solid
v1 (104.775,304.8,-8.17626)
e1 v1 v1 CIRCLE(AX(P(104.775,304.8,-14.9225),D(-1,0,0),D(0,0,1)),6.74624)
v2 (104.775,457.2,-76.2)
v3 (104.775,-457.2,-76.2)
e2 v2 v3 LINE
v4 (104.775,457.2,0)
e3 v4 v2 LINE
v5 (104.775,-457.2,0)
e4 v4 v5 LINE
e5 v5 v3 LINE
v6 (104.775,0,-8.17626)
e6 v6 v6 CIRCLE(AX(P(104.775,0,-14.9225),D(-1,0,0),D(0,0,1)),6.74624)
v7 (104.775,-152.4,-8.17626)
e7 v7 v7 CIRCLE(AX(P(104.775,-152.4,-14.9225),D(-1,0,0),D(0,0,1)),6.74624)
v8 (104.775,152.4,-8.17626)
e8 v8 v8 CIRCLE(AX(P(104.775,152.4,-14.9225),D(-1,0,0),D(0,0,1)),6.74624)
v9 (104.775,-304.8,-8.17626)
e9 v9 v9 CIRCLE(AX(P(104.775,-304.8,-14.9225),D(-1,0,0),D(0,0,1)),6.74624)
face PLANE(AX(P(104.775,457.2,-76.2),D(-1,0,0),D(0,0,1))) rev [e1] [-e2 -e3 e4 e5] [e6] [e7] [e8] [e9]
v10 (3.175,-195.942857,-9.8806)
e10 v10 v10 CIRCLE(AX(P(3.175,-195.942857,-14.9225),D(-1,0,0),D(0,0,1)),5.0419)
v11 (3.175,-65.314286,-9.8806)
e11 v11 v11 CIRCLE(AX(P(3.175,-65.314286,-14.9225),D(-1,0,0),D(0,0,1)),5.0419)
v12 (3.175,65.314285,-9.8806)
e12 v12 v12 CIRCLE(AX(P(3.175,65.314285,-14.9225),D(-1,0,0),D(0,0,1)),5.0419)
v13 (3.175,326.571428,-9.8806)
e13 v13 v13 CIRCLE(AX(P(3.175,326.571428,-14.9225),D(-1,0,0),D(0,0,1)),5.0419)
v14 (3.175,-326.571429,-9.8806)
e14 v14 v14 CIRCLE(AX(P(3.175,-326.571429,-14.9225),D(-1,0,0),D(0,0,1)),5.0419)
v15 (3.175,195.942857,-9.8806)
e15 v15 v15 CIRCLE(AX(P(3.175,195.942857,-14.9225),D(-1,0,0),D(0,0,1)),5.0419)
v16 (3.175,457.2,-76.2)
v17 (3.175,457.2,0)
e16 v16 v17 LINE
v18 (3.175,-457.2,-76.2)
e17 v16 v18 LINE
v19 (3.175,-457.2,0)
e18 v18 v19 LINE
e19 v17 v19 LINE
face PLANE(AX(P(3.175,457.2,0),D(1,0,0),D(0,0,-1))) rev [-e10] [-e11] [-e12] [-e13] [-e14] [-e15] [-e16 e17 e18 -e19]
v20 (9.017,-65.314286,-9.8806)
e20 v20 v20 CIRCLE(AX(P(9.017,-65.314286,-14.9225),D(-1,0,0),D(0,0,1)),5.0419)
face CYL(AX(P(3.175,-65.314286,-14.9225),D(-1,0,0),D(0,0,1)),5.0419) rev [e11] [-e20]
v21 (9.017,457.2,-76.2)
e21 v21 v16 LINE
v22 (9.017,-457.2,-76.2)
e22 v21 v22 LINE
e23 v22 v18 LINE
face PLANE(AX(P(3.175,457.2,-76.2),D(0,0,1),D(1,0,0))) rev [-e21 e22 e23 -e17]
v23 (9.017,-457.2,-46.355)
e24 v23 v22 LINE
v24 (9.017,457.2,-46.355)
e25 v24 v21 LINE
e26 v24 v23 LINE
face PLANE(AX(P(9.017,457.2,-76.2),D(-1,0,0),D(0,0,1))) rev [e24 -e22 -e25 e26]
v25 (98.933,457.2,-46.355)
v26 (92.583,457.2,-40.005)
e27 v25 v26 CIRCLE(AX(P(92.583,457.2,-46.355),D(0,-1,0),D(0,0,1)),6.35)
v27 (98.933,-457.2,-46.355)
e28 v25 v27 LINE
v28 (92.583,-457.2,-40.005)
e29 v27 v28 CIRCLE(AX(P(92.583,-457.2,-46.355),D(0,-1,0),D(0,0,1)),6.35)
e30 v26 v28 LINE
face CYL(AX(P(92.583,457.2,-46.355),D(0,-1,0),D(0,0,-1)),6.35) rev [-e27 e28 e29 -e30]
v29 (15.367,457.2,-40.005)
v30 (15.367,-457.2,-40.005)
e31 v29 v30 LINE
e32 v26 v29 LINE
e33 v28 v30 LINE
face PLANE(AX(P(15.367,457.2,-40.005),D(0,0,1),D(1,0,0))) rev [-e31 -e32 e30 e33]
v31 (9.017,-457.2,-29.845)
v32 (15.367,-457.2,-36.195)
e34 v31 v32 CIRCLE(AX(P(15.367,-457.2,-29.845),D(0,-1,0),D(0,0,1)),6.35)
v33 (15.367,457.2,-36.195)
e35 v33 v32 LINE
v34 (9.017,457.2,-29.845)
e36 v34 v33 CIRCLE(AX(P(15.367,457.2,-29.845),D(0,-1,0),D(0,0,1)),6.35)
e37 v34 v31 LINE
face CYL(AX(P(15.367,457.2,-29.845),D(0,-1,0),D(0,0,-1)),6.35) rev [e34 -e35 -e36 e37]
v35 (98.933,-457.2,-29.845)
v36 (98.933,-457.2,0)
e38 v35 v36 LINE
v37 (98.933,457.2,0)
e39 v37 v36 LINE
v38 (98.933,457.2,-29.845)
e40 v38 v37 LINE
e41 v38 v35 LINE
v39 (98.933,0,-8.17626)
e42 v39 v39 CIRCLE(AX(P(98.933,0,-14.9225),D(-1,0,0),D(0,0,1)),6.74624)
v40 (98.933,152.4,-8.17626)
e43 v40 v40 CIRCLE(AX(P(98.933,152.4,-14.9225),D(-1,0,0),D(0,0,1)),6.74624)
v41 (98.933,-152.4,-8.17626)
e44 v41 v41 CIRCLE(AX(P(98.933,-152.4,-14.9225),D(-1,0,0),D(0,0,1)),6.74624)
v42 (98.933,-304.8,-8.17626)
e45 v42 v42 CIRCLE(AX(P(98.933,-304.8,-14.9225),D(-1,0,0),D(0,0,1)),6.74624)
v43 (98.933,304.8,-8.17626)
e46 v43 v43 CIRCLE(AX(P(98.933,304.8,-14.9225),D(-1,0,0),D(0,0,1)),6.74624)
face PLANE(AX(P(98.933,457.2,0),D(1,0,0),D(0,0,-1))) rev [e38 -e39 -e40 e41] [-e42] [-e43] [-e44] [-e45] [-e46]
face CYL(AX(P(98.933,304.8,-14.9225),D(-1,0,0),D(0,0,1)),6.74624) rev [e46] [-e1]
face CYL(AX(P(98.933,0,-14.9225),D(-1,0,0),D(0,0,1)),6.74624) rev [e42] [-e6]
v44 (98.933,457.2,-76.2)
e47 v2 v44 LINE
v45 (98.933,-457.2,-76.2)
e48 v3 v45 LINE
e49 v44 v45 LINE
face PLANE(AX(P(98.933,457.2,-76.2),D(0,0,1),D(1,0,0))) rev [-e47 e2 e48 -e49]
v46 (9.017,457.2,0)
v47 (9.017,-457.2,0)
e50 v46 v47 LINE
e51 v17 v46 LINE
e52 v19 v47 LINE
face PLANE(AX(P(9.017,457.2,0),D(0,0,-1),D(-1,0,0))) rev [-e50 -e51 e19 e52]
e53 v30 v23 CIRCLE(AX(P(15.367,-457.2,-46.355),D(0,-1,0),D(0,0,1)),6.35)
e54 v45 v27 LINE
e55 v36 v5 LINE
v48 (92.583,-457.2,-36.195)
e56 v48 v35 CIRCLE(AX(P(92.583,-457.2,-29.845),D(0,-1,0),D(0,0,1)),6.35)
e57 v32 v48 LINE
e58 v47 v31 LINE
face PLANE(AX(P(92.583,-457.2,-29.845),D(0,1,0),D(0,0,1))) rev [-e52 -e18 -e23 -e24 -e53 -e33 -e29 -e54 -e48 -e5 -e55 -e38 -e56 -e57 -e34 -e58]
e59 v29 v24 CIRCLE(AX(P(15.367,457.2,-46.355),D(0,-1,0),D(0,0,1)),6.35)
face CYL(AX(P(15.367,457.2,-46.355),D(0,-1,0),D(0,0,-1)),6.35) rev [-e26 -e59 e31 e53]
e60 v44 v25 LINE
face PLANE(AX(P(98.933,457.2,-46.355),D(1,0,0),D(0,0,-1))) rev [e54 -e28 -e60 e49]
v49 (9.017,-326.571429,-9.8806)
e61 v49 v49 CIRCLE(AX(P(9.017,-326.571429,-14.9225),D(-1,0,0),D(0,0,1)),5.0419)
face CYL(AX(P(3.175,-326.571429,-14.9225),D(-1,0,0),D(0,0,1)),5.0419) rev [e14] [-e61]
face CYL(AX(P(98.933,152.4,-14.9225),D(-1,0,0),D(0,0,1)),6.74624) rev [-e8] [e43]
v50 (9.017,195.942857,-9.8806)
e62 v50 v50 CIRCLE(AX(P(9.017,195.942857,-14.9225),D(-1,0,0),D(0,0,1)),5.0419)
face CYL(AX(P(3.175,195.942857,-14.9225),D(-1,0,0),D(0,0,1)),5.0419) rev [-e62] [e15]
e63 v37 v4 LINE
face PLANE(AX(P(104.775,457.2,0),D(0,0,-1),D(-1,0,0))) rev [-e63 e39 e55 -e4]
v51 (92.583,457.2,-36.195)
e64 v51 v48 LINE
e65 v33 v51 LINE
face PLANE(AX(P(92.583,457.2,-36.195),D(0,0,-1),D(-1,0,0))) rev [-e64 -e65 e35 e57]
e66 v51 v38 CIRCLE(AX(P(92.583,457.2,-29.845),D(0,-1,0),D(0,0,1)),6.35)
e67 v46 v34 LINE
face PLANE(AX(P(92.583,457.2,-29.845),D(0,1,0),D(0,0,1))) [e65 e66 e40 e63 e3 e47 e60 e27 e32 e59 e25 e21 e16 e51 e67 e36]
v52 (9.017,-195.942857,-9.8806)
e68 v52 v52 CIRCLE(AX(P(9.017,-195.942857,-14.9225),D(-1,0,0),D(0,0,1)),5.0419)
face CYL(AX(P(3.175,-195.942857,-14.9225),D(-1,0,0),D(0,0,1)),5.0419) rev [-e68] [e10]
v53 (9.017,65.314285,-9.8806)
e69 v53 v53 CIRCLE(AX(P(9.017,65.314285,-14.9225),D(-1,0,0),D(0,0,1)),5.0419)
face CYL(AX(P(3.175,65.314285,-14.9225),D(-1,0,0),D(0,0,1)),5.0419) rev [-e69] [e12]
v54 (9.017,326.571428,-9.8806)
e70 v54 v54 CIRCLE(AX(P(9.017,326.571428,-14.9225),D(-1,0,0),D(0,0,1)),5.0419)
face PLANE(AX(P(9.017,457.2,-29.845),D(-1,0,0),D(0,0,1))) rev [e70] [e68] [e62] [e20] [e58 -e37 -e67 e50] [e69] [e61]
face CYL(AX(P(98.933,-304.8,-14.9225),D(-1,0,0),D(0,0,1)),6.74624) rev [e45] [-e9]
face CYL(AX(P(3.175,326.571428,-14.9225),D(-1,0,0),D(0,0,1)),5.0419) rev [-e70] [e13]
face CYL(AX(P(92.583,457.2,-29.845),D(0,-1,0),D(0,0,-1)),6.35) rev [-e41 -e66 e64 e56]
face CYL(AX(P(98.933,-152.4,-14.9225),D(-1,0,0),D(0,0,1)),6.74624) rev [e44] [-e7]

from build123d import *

# Parameters (mm, degrees)
AL_I_BEAM_AL_I_BEAM_4X2_31_4_DEPTH = 914.4
F_3_8_CLEARANCE_HOLE1_REACH        = 476.511
F_3_8_CLEARANCE_HOLE1_BORE_R       = 5.0419
F_1_2_CLEARANCE_HOLE1_D            = 13.49248
F_1_2_CLEARANCE_HOLE1_DEPTH        = 5.842


with BuildPart() as part:
    # Sketch11 → Al i beam AL I BEAM 4X2.31(4) (new body)
    with BuildSketch(Plane(origin=(53.975, -457.2, -38.1), x_dir=(0, 0, -1), z_dir=(0, 1, 0))):
        with BuildLine():
            Line((-38.1, -50.8), (-38.1, -44.958))
            Line((-38.1, -44.958), (-8.255, -44.958))
            ThreePointArc((-8.255, -44.958), (-3.764871939, -43.098128061), (-1.905, -38.608))
            Line((-1.905, -38.608), (-1.905, 38.608))
            ThreePointArc((-1.905, 38.608), (-3.764871939, 43.098128061), (-8.255, 44.958))
            Line((-8.255, 44.958), (-38.1, 44.958))
            Line((-38.1, 44.958), (-38.1, 50.8))
            Line((-38.1, 50.8), (38.1, 50.8))
            Line((38.1, 50.8), (38.1, 44.958))
            Line((38.1, 44.958), (8.255, 44.958))
            ThreePointArc((8.255, 44.958), (3.764871939, 43.098128061), (1.905, 38.608))
            Line((1.905, 38.608), (1.905, -38.608))
            ThreePointArc((1.905, -38.608), (3.764871939, -43.098128061), (8.255, -44.958))
            Line((8.255, -44.958), (38.1, -44.958))
            Line((38.1, -44.958), (38.1, -50.8))
            Line((38.1, -50.8), (-38.1, -50.8))
        make_face()
    extrude(amount=AL_I_BEAM_AL_I_BEAM_4X2_31_4_DEPTH)

    # 3/8 Clearance Hole1 bore → 3/8 Clearance Hole1 (cut, up to next)
    with BuildSketch(Plane(origin=(3.175, 0, 0), x_dir=(0, 0, -1), z_dir=(-1, 0, 0)), mode=Mode.PRIVATE) as f_3_8_clearance_hole1_sk1:
        with Locations((14.9225, -326.571428209)):
            Circle(F_3_8_CLEARANCE_HOLE1_BORE_R)
    f_3_8_clearance_hole1_tool1 = extrude(f_3_8_clearance_hole1_sk1.sketch, amount=-F_3_8_CLEARANCE_HOLE1_REACH, mode=Mode.PRIVATE) & part.part
    # 3/8 Clearance Hole1 bore → 3/8 Clearance Hole1 (cut, up to next)
    with BuildSketch(Plane(origin=(3.175, 0, 0), x_dir=(0, 0, -1), z_dir=(-1, 0, 0)), mode=Mode.PRIVATE) as f_3_8_clearance_hole1_sk2:
        with Locations((14.9225, 326.571428571)):
            Circle(F_3_8_CLEARANCE_HOLE1_BORE_R)
    f_3_8_clearance_hole1_tool2 = extrude(f_3_8_clearance_hole1_sk2.sketch, amount=-F_3_8_CLEARANCE_HOLE1_REACH, mode=Mode.PRIVATE) & part.part
    # 3/8 Clearance Hole1 bore → 3/8 Clearance Hole1 (cut, up to next)
    with BuildSketch(Plane(origin=(3.175, 0, 0), x_dir=(0, 0, -1), z_dir=(-1, 0, 0)), mode=Mode.PRIVATE) as f_3_8_clearance_hole1_sk3:
        with Locations((14.9225, 195.942857215)):
            Circle(F_3_8_CLEARANCE_HOLE1_BORE_R)
    f_3_8_clearance_hole1_tool3 = extrude(f_3_8_clearance_hole1_sk3.sketch, amount=-F_3_8_CLEARANCE_HOLE1_REACH, mode=Mode.PRIVATE) & part.part
    # 3/8 Clearance Hole1 bore → 3/8 Clearance Hole1 (cut, up to next)
    with BuildSketch(Plane(origin=(3.175, 0, 0), x_dir=(0, 0, -1), z_dir=(-1, 0, 0)), mode=Mode.PRIVATE) as f_3_8_clearance_hole1_sk4:
        with Locations((14.9225, 65.314285859)):
            Circle(F_3_8_CLEARANCE_HOLE1_BORE_R)
    f_3_8_clearance_hole1_tool4 = extrude(f_3_8_clearance_hole1_sk4.sketch, amount=-F_3_8_CLEARANCE_HOLE1_REACH, mode=Mode.PRIVATE) & part.part
    # 3/8 Clearance Hole1 bore → 3/8 Clearance Hole1 (cut, up to next)
    with BuildSketch(Plane(origin=(3.175, 0, 0), x_dir=(0, 0, -1), z_dir=(-1, 0, 0)), mode=Mode.PRIVATE) as f_3_8_clearance_hole1_sk5:
        with Locations((14.9225, -65.314285497)):
            Circle(F_3_8_CLEARANCE_HOLE1_BORE_R)
    f_3_8_clearance_hole1_tool5 = extrude(f_3_8_clearance_hole1_sk5.sketch, amount=-F_3_8_CLEARANCE_HOLE1_REACH, mode=Mode.PRIVATE) & part.part
    # 3/8 Clearance Hole1 bore → 3/8 Clearance Hole1 (cut, up to next)
    with BuildSketch(Plane(origin=(3.175, 0, 0), x_dir=(0, 0, -1), z_dir=(-1, 0, 0)), mode=Mode.PRIVATE) as f_3_8_clearance_hole1_sk6:
        with Locations((14.9225, -195.942856853)):
            Circle(F_3_8_CLEARANCE_HOLE1_BORE_R)
    f_3_8_clearance_hole1_tool6 = extrude(f_3_8_clearance_hole1_sk6.sketch, amount=-F_3_8_CLEARANCE_HOLE1_REACH, mode=Mode.PRIVATE) & part.part
    add(f_3_8_clearance_hole1_tool1.solids().sort_by_distance((3.175, 326.571428, -14.9225))[0], mode=Mode.SUBTRACT)
    add(f_3_8_clearance_hole1_tool2.solids().sort_by_distance((3.175, -326.571429, -14.9225))[0], mode=Mode.SUBTRACT)
    add(f_3_8_clearance_hole1_tool3.solids().sort_by_distance((3.175, -195.942857, -14.9225))[0], mode=Mode.SUBTRACT)
    add(f_3_8_clearance_hole1_tool4.solids().sort_by_distance((3.175, -65.314286, -14.9225))[0], mode=Mode.SUBTRACT)
    add(f_3_8_clearance_hole1_tool5.solids().sort_by_distance((3.175, 65.314285, -14.9225))[0], mode=Mode.SUBTRACT)
    add(f_3_8_clearance_hole1_tool6.solids().sort_by_distance((3.175, 195.942857, -14.9225))[0], mode=Mode.SUBTRACT)

    # 1/2 Clearance Hole1
    with Locations(Plane.ZY.offset(-98.933)):
        with Locations((-14.9225, 304.8), (-14.9225, -304.8), (-14.9225, -152.4), (-14.9225, 0), (-14.9225, 152.4)):
            Hole(F_1_2_CLEARANCE_HOLE1_D / 2, depth=F_1_2_CLEARANCE_HOLE1_DEPTH)


solid = part.part
